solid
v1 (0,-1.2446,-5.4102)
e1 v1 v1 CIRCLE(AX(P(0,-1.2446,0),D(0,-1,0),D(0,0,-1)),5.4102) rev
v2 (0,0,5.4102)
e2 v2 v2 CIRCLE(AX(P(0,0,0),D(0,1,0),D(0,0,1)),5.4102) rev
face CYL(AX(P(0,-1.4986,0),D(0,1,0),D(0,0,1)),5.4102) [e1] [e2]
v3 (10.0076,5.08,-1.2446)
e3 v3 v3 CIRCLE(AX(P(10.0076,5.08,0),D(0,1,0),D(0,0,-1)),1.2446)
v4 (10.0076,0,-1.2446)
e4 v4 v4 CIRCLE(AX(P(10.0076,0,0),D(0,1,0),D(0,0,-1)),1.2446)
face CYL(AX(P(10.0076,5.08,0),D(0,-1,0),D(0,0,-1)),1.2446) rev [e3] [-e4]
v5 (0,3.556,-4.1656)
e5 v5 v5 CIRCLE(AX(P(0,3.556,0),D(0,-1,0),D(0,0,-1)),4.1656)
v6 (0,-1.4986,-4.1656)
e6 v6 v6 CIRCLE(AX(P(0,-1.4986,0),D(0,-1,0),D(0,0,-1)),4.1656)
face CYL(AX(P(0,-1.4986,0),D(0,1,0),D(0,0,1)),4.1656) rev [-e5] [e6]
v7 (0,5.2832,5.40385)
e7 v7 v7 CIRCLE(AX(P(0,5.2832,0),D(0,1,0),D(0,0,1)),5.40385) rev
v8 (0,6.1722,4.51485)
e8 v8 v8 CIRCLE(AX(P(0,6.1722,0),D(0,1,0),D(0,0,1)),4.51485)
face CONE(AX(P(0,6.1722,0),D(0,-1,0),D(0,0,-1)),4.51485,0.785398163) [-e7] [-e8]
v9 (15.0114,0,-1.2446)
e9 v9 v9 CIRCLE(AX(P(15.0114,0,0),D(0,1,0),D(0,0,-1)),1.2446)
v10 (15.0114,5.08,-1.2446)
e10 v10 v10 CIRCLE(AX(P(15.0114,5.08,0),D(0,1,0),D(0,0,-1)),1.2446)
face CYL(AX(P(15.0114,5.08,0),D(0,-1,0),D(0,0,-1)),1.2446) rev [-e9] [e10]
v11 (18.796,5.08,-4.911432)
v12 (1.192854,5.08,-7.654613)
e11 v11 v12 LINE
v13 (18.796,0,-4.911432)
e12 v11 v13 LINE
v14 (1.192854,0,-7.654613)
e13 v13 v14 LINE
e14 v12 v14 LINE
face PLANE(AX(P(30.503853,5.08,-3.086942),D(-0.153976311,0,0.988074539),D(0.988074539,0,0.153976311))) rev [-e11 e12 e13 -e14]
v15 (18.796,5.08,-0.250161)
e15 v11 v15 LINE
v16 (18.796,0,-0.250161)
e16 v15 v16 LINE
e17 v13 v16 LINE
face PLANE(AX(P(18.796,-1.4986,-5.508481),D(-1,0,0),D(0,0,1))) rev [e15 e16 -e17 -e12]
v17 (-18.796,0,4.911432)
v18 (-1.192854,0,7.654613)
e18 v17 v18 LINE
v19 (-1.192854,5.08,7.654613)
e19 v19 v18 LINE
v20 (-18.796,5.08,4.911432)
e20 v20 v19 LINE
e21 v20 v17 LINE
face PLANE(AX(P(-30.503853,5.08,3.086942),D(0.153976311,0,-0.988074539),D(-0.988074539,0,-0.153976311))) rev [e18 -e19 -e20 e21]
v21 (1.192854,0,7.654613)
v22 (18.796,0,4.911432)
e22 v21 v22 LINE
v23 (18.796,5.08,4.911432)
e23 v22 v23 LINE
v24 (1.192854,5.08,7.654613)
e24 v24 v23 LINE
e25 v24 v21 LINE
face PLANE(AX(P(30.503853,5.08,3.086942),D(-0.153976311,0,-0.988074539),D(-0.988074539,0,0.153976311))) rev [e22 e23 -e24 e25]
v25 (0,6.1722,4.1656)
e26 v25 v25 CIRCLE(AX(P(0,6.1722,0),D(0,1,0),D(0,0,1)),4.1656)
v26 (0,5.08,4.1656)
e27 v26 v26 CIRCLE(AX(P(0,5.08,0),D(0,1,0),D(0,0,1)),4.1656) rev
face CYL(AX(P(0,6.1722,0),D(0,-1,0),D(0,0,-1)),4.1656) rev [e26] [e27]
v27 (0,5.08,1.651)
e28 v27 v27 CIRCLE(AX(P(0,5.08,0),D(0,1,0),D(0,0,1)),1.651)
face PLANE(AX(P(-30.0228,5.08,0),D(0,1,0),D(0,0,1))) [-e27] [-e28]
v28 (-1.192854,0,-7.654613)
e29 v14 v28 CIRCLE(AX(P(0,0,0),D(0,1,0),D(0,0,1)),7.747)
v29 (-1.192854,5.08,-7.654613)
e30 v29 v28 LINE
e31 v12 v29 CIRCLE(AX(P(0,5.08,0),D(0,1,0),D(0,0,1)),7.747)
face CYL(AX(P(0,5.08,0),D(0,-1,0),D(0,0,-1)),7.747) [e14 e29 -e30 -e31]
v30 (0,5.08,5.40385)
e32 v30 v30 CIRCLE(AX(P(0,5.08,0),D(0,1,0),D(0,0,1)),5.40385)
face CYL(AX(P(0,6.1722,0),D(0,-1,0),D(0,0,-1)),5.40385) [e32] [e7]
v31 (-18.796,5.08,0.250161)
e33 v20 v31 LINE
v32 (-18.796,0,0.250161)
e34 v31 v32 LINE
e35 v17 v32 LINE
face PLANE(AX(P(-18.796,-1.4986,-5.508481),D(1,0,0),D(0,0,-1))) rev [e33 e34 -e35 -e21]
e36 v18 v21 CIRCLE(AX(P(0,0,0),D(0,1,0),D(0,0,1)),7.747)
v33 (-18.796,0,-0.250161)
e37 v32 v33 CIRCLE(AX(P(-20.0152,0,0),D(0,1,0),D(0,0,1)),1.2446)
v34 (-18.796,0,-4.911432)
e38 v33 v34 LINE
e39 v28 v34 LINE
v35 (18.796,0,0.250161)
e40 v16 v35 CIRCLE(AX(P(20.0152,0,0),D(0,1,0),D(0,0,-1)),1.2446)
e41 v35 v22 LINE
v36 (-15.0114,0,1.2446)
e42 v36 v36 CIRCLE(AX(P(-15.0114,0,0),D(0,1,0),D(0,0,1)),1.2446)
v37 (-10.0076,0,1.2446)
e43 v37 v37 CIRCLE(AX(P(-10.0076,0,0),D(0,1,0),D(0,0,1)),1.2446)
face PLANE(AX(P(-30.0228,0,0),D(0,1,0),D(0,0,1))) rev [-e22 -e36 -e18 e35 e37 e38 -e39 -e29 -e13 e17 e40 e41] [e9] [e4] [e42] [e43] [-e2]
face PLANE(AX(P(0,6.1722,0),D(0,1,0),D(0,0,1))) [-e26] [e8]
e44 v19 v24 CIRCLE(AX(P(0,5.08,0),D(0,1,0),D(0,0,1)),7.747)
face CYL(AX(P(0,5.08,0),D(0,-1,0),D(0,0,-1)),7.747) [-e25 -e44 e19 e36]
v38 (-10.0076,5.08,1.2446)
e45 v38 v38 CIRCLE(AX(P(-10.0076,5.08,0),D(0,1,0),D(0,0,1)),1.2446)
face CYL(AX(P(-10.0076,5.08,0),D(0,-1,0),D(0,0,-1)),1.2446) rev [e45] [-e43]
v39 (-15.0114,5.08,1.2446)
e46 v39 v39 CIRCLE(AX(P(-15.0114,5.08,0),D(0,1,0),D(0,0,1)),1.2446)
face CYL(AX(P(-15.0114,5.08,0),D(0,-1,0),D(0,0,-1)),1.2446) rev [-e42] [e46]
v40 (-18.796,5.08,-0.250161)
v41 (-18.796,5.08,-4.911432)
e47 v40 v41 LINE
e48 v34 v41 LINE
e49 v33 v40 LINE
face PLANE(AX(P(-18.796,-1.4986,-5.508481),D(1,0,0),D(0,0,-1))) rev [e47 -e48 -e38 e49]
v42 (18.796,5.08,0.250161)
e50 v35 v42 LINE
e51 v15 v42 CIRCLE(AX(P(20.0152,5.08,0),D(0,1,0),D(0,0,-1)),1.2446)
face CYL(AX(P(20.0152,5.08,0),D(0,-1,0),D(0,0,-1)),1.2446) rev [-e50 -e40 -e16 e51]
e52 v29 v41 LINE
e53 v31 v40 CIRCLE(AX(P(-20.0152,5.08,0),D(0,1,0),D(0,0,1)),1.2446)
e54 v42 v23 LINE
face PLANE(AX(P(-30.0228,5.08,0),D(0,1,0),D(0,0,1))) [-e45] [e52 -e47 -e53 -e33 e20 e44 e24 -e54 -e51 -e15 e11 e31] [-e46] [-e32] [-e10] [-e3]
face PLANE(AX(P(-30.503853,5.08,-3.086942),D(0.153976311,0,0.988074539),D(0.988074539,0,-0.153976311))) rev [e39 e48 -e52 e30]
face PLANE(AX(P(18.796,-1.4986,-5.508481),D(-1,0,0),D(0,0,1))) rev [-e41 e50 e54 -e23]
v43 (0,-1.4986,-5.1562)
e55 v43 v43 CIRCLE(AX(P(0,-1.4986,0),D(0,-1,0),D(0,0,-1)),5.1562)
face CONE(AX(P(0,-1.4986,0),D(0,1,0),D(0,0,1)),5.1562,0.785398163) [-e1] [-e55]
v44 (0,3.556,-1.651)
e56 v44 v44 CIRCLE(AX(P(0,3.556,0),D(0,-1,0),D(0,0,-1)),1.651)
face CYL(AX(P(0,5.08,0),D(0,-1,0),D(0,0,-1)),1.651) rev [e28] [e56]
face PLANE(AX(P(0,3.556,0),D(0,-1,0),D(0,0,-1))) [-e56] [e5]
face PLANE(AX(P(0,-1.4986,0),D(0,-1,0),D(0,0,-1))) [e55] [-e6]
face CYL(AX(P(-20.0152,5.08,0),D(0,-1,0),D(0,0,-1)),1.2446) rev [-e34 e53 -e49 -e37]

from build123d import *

# Parameters (mm, degrees)
SKETCH1_R           = 1.651
SKETCH1_R_2         = 1.2446
BOSS_EXTRUDE1_DEPTH = 5.08
SKETCH2_R           = 5.40385
SKETCH2_R_2         = 4.1656
BOSS_EXTRUDE2_DEPTH = 1.0922
CHAMFER1_SIZE       = 0.889
SKETCH4_R           = 5.4102
SKETCH4_R_2         = 4.1656
BOSS_EXTRUDE3_DEPTH = 1.4986
CHAMFER2_SIZE       = 0.254
SKETCH5_W           = 15.127715844
SKETCH5_H           = 12.166577881
CUT_EXTRUDE1_DEPTH  = 7.5786
SKETCH6_R           = 4.1656
CUT_EXTRUDE2_DEPTH  = 3.556


with BuildPart() as part:
    # Sketch1 → Boss-Extrude1 (new body)
    with BuildSketch(Plane(origin=(0, 0, 0), x_dir=(1, 0, 0), z_dir=(0, 1, 0))):
        with BuildLine():
            Line((-30.503852792, 3.086942476), (-1.192854484, 7.654613457))
            ThreePointArc((-1.192854484, 7.654613457), (0, 7.747), (1.192854484, 7.654613457))
            Line((1.192854484, 7.654613457), (30.503852792, 3.086942476))
            ThreePointArc((30.503852792, 3.086942476), (33.147, 0), (30.503852792, -3.086942476))
            Line((30.503852792, -3.086942476), (1.192854484, -7.654613457))
            ThreePointArc((1.192854484, -7.654613457), (0, -7.747), (-1.192854484, -7.654613457))
            Line((-1.192854484, -7.654613457), (-30.503852792, -3.086942476))
            ThreePointArc((-30.503852792, -3.086942476), (-33.147, 0), (-30.503852792, 3.086942476))
        make_face()
        Circle(SKETCH1_R, mode=Mode.SUBTRACT)
        with Locations((-10.0076, 0)):
            Circle(SKETCH1_R_2, mode=Mode.SUBTRACT)
        with Locations((-15.0114, 0)):
            Circle(SKETCH1_R_2, mode=Mode.SUBTRACT)
        with Locations((-20.0152, 0)):
            Circle(SKETCH1_R_2, mode=Mode.SUBTRACT)
        with Locations((-25.019, 0)):
            Circle(SKETCH1_R_2, mode=Mode.SUBTRACT)
        with Locations((-30.0228, 0)):
            Circle(SKETCH1_R_2, mode=Mode.SUBTRACT)
        with Locations((30.0228, 0)):
            Circle(SKETCH1_R_2, mode=Mode.SUBTRACT)
        with Locations((25.019, 0)):
            Circle(SKETCH1_R_2, mode=Mode.SUBTRACT)
        with Locations((20.0152, 0)):
            Circle(SKETCH1_R_2, mode=Mode.SUBTRACT)
        with Locations((15.0114, 0)):
            Circle(SKETCH1_R_2, mode=Mode.SUBTRACT)
        with Locations((10.0076, 0)):
            Circle(SKETCH1_R_2, mode=Mode.SUBTRACT)
    extrude(amount=BOSS_EXTRUDE1_DEPTH)

    # Sketch2 → Boss-Extrude2 (add)
    with BuildSketch(Plane(origin=(0, 5.08, 0), x_dir=(1, 0, 0), z_dir=(0, 1, 0))):
        Circle(SKETCH2_R)
        Circle(SKETCH2_R_2, mode=Mode.SUBTRACT)
    extrude(amount=BOSS_EXTRUDE2_DEPTH)

    # Chamfer1
    chamfer1_edges = [part.edges().sort_by_distance(p)[0] for p in [
        (-5.40385, 6.1722, 0),
    ]]
    chamfer(chamfer1_edges, length=CHAMFER1_SIZE)

    # Sketch4 → Boss-Extrude3 (add)
    with BuildSketch(Plane.XZ):
        Circle(SKETCH4_R)
        Circle(SKETCH4_R_2, mode=Mode.SUBTRACT)
    extrude(amount=BOSS_EXTRUDE3_DEPTH)

    # Chamfer2
    chamfer2_edges = [part.edges().sort_by_distance(p)[0] for p in [
        (-5.4102, -1.4986, 0),
    ]]
    chamfer(chamfer2_edges, length=CHAMFER2_SIZE)

    # Sketch5 → Cut-Extrude1 (cut, through all)
    with BuildSketch(Plane(origin=(0, 5.08, 0), x_dir=(1, 0, 0), z_dir=(0, 1, 0))):
        with Locations((-26.359857922, -0.574807794)):
            Rectangle(SKETCH5_W, SKETCH5_H)
        with Locations((26.359857922, -0.574807794)):
            Rectangle(SKETCH5_W, SKETCH5_H)
    extrude(amount=-CUT_EXTRUDE1_DEPTH, mode=Mode.SUBTRACT)

    # Sketch6 → Cut-Extrude2 (cut)
    with BuildSketch(Plane.XZ):
        Circle(SKETCH6_R)
    extrude(amount=-CUT_EXTRUDE2_DEPTH, mode=Mode.SUBTRACT)


solid = part.part
